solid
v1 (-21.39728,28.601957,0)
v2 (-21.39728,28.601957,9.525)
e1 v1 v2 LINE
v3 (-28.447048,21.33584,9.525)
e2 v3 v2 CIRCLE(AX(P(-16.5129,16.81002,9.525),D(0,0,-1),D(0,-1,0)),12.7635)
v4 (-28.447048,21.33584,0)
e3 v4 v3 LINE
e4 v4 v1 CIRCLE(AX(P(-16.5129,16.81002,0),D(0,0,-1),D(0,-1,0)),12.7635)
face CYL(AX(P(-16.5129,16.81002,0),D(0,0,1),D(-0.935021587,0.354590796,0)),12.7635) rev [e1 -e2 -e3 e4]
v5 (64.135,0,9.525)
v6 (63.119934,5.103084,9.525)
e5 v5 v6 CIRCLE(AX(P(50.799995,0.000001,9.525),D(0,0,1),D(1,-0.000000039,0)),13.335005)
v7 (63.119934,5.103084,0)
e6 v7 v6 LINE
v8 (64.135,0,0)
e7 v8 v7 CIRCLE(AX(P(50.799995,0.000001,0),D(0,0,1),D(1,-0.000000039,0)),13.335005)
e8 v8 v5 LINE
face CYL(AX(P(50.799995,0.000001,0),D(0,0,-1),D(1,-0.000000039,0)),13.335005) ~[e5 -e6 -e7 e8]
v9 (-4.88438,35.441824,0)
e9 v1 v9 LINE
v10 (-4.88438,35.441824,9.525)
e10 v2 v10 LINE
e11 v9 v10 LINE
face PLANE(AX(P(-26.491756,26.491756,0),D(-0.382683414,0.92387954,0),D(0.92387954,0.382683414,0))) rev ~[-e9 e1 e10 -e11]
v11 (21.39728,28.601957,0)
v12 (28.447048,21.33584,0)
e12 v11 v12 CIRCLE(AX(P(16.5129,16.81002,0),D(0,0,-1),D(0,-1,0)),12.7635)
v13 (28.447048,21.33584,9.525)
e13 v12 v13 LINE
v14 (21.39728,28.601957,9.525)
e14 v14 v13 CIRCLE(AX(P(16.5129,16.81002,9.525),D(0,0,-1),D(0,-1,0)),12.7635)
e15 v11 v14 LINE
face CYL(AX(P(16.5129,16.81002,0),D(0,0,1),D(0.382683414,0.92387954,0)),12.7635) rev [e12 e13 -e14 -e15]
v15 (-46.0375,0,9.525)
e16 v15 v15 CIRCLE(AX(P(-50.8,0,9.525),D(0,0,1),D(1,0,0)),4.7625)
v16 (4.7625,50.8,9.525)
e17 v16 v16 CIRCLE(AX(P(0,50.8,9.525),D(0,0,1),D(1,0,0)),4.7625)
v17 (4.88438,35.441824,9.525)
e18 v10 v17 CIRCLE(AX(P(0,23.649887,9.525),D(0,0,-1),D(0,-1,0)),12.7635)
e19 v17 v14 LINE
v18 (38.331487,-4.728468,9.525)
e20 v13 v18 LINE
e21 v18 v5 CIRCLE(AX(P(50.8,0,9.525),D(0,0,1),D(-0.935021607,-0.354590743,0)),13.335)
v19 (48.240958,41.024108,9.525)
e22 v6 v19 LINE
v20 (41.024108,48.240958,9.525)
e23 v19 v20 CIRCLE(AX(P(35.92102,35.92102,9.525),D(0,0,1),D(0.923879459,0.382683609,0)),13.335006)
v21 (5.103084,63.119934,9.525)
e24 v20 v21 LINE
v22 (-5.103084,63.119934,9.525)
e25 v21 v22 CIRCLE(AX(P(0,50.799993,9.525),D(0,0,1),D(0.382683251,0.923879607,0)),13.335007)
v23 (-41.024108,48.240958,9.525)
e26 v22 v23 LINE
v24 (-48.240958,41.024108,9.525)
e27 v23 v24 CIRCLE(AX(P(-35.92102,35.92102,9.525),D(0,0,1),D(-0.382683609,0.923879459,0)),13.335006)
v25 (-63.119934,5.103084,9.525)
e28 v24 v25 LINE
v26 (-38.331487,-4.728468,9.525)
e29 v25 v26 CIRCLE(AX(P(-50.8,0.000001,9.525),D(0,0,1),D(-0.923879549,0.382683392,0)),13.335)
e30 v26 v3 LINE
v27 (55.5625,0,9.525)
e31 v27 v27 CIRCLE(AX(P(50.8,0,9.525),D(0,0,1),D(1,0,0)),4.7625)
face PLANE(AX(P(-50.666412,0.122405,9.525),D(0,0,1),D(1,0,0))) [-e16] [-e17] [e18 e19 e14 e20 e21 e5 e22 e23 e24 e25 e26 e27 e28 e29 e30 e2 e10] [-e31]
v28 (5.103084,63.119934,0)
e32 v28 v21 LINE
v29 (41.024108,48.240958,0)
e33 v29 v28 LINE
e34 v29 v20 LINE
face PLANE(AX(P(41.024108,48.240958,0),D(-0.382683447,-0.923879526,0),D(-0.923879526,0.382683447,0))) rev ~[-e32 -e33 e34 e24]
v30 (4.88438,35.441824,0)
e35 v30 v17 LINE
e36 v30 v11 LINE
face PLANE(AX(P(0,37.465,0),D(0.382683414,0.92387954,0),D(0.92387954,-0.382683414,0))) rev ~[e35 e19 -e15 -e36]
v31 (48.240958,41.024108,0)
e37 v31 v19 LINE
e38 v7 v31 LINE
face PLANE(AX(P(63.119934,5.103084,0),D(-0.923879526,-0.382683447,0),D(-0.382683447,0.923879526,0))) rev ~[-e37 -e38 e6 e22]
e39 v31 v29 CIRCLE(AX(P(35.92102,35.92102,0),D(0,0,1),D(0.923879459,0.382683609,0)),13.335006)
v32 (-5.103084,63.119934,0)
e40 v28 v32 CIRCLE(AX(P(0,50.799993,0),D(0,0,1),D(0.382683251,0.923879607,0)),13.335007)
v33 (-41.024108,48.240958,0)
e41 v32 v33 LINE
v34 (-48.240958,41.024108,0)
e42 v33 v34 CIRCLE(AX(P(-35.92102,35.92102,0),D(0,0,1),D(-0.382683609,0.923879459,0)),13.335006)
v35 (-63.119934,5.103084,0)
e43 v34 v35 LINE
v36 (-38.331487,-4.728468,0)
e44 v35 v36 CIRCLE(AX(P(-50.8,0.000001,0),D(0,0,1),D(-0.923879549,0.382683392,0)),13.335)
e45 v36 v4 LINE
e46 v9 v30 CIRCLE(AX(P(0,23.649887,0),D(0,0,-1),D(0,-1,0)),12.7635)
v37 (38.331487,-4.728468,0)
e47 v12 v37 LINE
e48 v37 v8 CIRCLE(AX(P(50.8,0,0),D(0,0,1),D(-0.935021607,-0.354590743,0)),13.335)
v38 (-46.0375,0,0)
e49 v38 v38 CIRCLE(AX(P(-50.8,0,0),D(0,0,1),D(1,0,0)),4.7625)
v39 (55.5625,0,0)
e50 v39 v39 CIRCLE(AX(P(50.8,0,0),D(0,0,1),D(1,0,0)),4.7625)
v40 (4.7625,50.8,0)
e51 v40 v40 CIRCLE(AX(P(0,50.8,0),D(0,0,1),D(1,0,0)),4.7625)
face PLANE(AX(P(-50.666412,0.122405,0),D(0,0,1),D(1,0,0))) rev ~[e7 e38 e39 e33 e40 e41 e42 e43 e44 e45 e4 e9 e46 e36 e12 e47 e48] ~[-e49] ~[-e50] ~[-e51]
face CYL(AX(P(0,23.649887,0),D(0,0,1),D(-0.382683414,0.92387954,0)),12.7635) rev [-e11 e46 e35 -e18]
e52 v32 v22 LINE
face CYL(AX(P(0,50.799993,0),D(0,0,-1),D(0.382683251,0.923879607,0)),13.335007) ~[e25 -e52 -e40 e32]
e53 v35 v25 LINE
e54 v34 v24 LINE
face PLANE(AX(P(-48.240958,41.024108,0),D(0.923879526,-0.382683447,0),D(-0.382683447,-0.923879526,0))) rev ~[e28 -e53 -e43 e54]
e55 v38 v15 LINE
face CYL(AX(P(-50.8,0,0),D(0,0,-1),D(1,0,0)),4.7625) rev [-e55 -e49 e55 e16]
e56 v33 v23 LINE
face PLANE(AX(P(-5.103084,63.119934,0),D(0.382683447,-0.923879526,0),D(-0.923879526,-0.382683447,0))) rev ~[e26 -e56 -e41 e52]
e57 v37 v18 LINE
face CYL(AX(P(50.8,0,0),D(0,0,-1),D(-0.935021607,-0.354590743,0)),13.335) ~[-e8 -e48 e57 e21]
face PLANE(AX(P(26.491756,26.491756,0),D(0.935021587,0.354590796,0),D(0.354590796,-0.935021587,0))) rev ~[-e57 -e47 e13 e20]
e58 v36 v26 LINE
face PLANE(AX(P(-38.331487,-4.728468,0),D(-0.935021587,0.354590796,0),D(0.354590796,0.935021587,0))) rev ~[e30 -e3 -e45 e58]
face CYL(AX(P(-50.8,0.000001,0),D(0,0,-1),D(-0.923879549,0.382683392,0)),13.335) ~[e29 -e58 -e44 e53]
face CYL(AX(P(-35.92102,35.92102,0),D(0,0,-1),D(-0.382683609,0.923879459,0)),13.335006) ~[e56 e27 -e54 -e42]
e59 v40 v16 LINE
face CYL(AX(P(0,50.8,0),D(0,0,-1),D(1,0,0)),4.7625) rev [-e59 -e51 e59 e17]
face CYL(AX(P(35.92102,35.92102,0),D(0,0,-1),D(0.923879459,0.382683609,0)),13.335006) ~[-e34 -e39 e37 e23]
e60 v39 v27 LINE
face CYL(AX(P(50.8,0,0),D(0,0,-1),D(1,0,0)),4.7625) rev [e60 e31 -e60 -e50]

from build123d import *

# Parameters (mm, degrees)
F0_R     = 4.7625
F1_DEPTH = 9.525
F2_R     = 12.7635


with BuildPart() as f1:
    # F0 (on Top) → F1 (new body)
    with BuildSketch(Plane.XY):
        with BuildLine():
            ThreePointArc((-38.331487, -4.728468), (-37.68341, -2.403602), (-37.465, 0))
            ThreePointArc((-37.465, 0), (-48.198471, 13.078772), (-63.119934, 5.103084))
            ThreePointArc((-63.119934, 5.103084), (-55.716337, -12.395638), (-38.331487, -4.728468))
        make_face()
        with Locations((-50.8, 0)):
            Circle(F0_R, mode=Mode.SUBTRACT)
        with BuildLine():
            ThreePointArc((-63.119934, 5.103084), (-48.198471, 13.078772), (-37.465, 0))
            ThreePointArc((-37.465, 0), (-37.68341, -2.403602), (-38.331487, -4.728468))
            Line((-38.331487, -4.728468), (-26.491756, 26.491756))
            ThreePointArc((-26.491756, 26.491756), (-43.329554, 24.833377), (-48.240958, 41.024108))
            Line((-48.240958, 41.024108), (-63.119934, 5.103084))
        make_face()
        with BuildLine():
            ThreePointArc((-41.024108, 48.240958), (-45.350293, 45.350293), (-48.240958, 41.024108))
            ThreePointArc((-48.240958, 41.024108), (-43.329554, 24.833377), (-26.491756, 26.491756))
            ThreePointArc((-26.491756, 26.491756), (-23.601091, 30.817941), (-22.586024, 35.921024))
            ThreePointArc((-22.586024, 35.921024), (-28.512495, 47.008672), (-41.024108, 48.240958))
        make_face()
        with BuildLine():
            ThreePointArc((-22.586024, 35.921024), (-23.601091, 30.817941), (-26.491756, 26.491756))
            Line((-26.491756, 26.491756), (0, 37.465))
            ThreePointArc((0, 37.465), (-13.078772, 48.198471), (-5.103084, 63.119934))
            Line((-5.103084, 63.119934), (-41.024108, 48.240958))
            ThreePointArc((-41.024108, 48.240958), (-28.512495, 47.008672), (-22.586024, 35.921024))
        make_face()
        with BuildLine():
            ThreePointArc((-5.103084, 63.119934), (-13.078772, 48.198471), (0, 37.465))
            ThreePointArc((0, 37.465), (9.429269, 41.370731), (13.335, 50.8))
            ThreePointArc((13.335, 50.8), (11.087647, 58.208529), (5.103084, 63.119934))
            ThreePointArc((5.103084, 63.119934), (0, 64.135), (-5.103084, 63.119934))
        make_face()
        with Locations((0, 50.8)):
            Circle(F0_R, mode=Mode.SUBTRACT)
        with BuildLine():
            ThreePointArc((13.335, 50.8), (9.429269, 41.370731), (0, 37.465))
            Line((0, 37.465), (26.491756, 26.491756))
            ThreePointArc((26.491756, 26.491756), (24.833377, 43.329554), (41.024108, 48.240958))
            Line((41.024108, 48.240958), (5.103084, 63.119934))
            ThreePointArc((5.103084, 63.119934), (11.087647, 58.208529), (13.335, 50.8))
        make_face()
        with BuildLine():
            ThreePointArc((41.024108, 48.240958), (24.833377, 43.329554), (26.491756, 26.491756))
            ThreePointArc((26.491756, 26.491756), (41.024108, 23.601091), (49.256024, 35.921024))
            ThreePointArc((49.256024, 35.921024), (48.999796, 38.522554), (48.240958, 41.024108))
            ThreePointArc((48.240958, 41.024108), (45.350293, 45.350293), (41.024108, 48.240958))
        make_face()
        with BuildLine():
            ThreePointArc((49.256024, 35.921024), (41.024108, 23.601091), (26.491756, 26.491756))
            Line((26.491756, 26.491756), (38.331487, -4.728468))
            ThreePointArc((38.331487, -4.728468), (45.883663, 12.395638), (63.119934, 5.103084))
            Line((63.119934, 5.103084), (48.240958, 41.024108))
            ThreePointArc((48.240958, 41.024108), (48.999796, 38.522554), (49.256024, 35.921024))
        make_face()
        with BuildLine():
            ThreePointArc((63.119934, 5.103084), (45.883663, 12.395638), (38.331487, -4.728468))
            ThreePointArc((38.331487, -4.728468), (53.203602, -13.11659), (64.135, 0))
            ThreePointArc((64.135, 0), (63.878772, 2.601529), (63.119934, 5.103084))
        make_face()
        with Locations((50.8, 0)):
            Circle(F0_R, mode=Mode.SUBTRACT)
    extrude(amount=F1_DEPTH)

    # F2
    f2_edges = [f1.edges().sort_by_distance(p)[0] for p in [
        (-26.491756, 26.491756, 4.7625),
        (0, 37.465, 4.7625),
        (26.491756, 26.491756, 4.7625),
    ]]
    fillet(f2_edges, radius=F2_R)


solid = f1.part
